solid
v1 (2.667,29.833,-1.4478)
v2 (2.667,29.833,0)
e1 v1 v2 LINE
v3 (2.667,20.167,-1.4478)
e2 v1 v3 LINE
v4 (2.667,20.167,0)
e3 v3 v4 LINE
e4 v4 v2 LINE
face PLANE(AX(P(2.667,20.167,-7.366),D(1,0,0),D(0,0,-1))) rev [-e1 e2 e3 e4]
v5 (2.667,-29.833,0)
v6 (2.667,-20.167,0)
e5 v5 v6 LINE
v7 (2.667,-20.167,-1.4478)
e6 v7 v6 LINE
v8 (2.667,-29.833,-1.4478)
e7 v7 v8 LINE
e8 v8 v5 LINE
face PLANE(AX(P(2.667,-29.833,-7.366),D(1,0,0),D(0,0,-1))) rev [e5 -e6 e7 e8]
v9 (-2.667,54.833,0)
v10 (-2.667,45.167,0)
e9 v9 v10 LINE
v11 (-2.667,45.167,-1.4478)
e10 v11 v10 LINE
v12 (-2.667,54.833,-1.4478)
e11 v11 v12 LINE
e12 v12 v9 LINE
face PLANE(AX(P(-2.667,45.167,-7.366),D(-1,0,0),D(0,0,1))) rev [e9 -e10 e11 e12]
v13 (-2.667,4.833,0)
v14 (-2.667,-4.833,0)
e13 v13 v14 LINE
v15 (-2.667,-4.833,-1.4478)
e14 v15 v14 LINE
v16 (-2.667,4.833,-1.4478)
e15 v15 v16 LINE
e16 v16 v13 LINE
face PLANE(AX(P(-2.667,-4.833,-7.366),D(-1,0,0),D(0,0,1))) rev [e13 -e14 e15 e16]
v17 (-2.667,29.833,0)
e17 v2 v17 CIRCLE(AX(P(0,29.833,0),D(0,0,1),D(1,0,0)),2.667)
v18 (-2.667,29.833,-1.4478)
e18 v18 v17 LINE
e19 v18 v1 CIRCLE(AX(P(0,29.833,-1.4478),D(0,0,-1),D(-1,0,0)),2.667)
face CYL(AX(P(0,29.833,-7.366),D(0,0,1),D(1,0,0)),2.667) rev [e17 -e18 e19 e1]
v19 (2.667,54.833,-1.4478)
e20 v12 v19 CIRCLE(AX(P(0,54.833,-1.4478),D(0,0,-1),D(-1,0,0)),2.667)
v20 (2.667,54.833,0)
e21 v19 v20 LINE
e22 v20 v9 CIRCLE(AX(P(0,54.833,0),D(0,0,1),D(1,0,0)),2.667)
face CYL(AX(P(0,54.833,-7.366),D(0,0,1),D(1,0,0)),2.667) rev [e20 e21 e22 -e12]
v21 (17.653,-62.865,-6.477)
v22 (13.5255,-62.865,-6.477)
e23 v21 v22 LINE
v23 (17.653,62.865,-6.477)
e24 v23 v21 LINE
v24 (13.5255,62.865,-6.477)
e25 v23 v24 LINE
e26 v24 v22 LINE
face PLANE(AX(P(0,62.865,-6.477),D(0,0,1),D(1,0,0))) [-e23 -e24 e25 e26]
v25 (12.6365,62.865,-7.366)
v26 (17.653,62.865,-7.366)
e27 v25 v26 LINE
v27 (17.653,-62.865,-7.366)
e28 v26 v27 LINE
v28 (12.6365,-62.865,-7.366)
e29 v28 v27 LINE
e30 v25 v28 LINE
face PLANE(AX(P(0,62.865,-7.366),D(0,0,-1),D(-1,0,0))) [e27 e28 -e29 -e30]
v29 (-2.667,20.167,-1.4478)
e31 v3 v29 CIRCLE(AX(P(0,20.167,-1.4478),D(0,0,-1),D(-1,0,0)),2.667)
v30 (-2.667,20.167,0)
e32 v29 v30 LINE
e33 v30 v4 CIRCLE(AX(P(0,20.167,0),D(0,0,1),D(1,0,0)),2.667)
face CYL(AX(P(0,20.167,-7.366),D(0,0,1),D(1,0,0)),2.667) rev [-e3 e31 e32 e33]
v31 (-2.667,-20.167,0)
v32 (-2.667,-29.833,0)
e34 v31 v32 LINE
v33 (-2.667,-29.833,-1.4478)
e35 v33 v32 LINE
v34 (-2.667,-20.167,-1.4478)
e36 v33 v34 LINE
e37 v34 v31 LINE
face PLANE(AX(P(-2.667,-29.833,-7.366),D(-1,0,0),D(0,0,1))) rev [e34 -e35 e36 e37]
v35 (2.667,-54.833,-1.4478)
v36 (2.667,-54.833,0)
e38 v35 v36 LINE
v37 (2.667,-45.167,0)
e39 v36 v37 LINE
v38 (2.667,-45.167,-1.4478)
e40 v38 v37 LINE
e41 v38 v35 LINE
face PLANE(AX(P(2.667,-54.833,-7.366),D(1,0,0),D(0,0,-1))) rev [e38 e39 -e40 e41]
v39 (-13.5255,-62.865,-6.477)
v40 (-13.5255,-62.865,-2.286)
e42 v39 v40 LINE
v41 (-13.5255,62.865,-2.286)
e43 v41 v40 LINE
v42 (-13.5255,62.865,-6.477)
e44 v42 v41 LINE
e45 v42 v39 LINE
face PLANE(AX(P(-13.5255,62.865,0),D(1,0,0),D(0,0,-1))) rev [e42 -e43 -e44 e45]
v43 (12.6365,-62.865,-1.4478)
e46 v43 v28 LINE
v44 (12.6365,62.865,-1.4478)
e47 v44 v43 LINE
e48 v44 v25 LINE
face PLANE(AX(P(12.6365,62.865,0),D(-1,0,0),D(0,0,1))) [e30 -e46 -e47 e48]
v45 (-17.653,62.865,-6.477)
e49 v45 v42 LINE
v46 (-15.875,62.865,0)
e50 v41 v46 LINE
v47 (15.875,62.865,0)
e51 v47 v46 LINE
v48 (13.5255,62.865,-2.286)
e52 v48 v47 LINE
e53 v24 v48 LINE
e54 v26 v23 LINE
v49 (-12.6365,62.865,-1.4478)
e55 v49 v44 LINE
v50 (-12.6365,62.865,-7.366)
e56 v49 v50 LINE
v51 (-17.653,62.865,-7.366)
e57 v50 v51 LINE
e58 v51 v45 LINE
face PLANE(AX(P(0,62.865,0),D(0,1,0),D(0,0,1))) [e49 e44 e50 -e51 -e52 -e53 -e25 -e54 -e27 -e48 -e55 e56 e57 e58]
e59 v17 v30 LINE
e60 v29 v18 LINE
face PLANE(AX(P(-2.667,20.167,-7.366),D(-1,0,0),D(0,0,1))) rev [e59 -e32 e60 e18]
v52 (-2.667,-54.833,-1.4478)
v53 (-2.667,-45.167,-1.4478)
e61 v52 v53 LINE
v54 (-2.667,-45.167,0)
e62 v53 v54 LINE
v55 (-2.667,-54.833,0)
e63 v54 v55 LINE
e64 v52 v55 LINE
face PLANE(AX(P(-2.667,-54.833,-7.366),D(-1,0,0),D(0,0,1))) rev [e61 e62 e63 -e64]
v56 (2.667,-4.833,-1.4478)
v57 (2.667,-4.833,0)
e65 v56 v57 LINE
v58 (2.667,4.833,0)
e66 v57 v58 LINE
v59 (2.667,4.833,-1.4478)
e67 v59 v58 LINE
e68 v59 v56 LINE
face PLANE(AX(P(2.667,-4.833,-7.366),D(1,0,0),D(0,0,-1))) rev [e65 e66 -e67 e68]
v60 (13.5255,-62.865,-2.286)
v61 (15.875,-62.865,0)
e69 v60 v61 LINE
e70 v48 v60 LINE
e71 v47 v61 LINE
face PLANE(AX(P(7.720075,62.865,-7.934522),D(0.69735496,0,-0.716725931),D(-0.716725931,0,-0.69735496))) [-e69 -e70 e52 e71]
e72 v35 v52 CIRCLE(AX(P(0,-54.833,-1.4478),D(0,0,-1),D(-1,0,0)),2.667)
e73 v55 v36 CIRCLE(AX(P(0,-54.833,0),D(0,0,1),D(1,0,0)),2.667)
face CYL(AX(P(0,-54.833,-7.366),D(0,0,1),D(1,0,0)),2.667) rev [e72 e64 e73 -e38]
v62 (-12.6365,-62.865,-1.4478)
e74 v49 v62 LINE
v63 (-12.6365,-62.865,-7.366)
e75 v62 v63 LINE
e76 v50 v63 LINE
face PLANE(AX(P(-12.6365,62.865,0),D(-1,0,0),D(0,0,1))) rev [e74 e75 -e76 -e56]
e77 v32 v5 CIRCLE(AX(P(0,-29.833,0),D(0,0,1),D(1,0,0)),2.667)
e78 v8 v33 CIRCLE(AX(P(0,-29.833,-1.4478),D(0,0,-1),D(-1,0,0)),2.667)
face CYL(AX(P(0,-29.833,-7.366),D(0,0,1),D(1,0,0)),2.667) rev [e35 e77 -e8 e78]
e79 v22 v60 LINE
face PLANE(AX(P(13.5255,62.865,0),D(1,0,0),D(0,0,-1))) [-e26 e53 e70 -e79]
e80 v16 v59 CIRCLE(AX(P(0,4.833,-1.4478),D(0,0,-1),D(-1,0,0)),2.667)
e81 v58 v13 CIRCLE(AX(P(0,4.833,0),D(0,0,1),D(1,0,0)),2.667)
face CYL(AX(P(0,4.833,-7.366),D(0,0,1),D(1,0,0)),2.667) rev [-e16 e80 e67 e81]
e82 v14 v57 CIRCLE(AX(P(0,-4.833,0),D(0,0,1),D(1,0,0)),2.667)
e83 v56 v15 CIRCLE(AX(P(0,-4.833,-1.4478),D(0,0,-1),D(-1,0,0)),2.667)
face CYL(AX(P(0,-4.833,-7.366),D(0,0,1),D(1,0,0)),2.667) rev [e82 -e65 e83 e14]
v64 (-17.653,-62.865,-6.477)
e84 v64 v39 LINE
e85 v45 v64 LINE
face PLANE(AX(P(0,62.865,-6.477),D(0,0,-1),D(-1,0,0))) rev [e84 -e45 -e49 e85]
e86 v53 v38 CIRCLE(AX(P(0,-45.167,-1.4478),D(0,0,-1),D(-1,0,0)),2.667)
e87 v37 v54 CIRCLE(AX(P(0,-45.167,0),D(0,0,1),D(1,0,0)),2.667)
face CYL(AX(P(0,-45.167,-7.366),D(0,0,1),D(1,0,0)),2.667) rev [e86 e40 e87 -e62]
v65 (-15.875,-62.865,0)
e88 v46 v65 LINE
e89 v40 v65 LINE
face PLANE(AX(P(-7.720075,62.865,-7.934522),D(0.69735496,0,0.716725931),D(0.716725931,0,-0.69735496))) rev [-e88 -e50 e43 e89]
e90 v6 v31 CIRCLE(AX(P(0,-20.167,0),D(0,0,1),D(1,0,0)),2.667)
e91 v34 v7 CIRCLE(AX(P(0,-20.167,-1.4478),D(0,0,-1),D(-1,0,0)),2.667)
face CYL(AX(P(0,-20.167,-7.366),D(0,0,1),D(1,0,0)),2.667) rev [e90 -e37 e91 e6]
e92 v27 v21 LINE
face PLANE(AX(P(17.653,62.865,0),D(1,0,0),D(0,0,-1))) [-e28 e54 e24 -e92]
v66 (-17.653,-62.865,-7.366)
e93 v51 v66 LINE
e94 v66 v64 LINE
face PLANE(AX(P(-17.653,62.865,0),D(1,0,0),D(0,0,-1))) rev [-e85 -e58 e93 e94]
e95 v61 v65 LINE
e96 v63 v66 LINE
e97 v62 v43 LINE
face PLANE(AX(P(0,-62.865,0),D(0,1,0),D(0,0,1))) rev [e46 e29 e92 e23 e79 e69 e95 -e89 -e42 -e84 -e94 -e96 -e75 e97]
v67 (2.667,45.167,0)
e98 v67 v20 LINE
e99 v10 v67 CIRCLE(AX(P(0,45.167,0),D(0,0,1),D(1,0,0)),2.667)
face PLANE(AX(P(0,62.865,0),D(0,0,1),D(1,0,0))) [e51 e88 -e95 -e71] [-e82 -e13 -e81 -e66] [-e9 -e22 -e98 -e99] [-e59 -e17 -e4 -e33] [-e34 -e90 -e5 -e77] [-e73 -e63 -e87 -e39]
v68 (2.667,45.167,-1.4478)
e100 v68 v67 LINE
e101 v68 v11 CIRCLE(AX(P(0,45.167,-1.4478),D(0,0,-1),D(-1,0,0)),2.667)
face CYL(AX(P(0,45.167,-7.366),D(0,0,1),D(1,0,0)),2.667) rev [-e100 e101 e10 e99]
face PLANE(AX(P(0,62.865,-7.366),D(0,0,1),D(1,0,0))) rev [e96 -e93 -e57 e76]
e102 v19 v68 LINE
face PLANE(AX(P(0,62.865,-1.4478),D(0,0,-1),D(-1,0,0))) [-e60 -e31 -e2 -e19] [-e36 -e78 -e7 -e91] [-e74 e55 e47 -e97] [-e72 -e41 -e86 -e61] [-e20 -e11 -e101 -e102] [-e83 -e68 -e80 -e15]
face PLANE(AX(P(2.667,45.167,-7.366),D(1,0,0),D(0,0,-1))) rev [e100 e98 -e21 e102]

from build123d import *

# Parameters (mm, degrees)
BOSS_EXTRUDE1_DEPTH = 62.865
CUT_EXTRUDE1_DEPTH  = 66.710688552


with BuildPart() as part:
    # Sketch1 → Boss-Extrude1 (new, symmetric)
    with BuildSketch(Plane(origin=(0, 0, 0), x_dir=(1, 0, 0), z_dir=(0, 1, 0))):
        Polygon((-15.875, 0), (0, 0), (0, 1.4478), (-12.6365, 1.4478), (-12.6365, 7.366), (-17.653, 7.366), (-17.653, 6.477), (-13.5255, 6.477), (-13.5255, 2.286), align=None)
        Polygon((0, 1.4478), (0, 0), (15.875, 0), (13.5255, 2.286), (13.5255, 6.477), (17.653, 6.477), (17.653, 7.366), (12.6365, 7.366), (12.6365, 1.4478), align=None)
    extrude(amount=BOSS_EXTRUDE1_DEPTH, both=True)

    # Sketch2 → Cut-Extrude1 (cut, through all)
    with BuildSketch(Plane.XY):
        with BuildLine():
            Line((-2.667, -4.833), (-2.667, 4.833))
            ThreePointArc((-2.667, 4.833), (0, 7.5), (2.667, 4.833))
            Line((2.667, 4.833), (2.667, -4.833))
            ThreePointArc((2.667, -4.833), (0, -7.5), (-2.667, -4.833))
        make_face()
        with BuildLine():
            Line((-2.667, 20.167), (-2.667, 29.833))
            ThreePointArc((-2.667, 29.833), (0, 32.5), (2.667, 29.833))
            Line((2.667, 29.833), (2.667, 20.167))
            ThreePointArc((2.667, 20.167), (0, 17.5), (-2.667, 20.167))
        make_face()
        with BuildLine():
            Line((-2.667, 45.167), (-2.667, 54.833))
            ThreePointArc((-2.667, 54.833), (0, 57.5), (2.667, 54.833))
            Line((2.667, 54.833), (2.667, 45.167))
            ThreePointArc((2.667, 45.167), (0, 42.5), (-2.667, 45.167))
        make_face()
        with BuildLine():
            Line((-2.667, -29.833), (-2.667, -20.167))
            ThreePointArc((-2.667, -20.167), (0, -17.5), (2.667, -20.167))
            Line((2.667, -20.167), (2.667, -29.833))
            ThreePointArc((2.667, -29.833), (0, -32.5), (-2.667, -29.833))
        make_face()
        with BuildLine():
            Line((-2.667, -54.833), (-2.667, -45.167))
            ThreePointArc((-2.667, -45.167), (0, -42.5), (2.667, -45.167))
            Line((2.667, -45.167), (2.667, -54.833))
            ThreePointArc((2.667, -54.833), (0, -57.5), (-2.667, -54.833))
        make_face()
    extrude(amount=-CUT_EXTRUDE1_DEPTH, mode=Mode.SUBTRACT)


solid = part.part
